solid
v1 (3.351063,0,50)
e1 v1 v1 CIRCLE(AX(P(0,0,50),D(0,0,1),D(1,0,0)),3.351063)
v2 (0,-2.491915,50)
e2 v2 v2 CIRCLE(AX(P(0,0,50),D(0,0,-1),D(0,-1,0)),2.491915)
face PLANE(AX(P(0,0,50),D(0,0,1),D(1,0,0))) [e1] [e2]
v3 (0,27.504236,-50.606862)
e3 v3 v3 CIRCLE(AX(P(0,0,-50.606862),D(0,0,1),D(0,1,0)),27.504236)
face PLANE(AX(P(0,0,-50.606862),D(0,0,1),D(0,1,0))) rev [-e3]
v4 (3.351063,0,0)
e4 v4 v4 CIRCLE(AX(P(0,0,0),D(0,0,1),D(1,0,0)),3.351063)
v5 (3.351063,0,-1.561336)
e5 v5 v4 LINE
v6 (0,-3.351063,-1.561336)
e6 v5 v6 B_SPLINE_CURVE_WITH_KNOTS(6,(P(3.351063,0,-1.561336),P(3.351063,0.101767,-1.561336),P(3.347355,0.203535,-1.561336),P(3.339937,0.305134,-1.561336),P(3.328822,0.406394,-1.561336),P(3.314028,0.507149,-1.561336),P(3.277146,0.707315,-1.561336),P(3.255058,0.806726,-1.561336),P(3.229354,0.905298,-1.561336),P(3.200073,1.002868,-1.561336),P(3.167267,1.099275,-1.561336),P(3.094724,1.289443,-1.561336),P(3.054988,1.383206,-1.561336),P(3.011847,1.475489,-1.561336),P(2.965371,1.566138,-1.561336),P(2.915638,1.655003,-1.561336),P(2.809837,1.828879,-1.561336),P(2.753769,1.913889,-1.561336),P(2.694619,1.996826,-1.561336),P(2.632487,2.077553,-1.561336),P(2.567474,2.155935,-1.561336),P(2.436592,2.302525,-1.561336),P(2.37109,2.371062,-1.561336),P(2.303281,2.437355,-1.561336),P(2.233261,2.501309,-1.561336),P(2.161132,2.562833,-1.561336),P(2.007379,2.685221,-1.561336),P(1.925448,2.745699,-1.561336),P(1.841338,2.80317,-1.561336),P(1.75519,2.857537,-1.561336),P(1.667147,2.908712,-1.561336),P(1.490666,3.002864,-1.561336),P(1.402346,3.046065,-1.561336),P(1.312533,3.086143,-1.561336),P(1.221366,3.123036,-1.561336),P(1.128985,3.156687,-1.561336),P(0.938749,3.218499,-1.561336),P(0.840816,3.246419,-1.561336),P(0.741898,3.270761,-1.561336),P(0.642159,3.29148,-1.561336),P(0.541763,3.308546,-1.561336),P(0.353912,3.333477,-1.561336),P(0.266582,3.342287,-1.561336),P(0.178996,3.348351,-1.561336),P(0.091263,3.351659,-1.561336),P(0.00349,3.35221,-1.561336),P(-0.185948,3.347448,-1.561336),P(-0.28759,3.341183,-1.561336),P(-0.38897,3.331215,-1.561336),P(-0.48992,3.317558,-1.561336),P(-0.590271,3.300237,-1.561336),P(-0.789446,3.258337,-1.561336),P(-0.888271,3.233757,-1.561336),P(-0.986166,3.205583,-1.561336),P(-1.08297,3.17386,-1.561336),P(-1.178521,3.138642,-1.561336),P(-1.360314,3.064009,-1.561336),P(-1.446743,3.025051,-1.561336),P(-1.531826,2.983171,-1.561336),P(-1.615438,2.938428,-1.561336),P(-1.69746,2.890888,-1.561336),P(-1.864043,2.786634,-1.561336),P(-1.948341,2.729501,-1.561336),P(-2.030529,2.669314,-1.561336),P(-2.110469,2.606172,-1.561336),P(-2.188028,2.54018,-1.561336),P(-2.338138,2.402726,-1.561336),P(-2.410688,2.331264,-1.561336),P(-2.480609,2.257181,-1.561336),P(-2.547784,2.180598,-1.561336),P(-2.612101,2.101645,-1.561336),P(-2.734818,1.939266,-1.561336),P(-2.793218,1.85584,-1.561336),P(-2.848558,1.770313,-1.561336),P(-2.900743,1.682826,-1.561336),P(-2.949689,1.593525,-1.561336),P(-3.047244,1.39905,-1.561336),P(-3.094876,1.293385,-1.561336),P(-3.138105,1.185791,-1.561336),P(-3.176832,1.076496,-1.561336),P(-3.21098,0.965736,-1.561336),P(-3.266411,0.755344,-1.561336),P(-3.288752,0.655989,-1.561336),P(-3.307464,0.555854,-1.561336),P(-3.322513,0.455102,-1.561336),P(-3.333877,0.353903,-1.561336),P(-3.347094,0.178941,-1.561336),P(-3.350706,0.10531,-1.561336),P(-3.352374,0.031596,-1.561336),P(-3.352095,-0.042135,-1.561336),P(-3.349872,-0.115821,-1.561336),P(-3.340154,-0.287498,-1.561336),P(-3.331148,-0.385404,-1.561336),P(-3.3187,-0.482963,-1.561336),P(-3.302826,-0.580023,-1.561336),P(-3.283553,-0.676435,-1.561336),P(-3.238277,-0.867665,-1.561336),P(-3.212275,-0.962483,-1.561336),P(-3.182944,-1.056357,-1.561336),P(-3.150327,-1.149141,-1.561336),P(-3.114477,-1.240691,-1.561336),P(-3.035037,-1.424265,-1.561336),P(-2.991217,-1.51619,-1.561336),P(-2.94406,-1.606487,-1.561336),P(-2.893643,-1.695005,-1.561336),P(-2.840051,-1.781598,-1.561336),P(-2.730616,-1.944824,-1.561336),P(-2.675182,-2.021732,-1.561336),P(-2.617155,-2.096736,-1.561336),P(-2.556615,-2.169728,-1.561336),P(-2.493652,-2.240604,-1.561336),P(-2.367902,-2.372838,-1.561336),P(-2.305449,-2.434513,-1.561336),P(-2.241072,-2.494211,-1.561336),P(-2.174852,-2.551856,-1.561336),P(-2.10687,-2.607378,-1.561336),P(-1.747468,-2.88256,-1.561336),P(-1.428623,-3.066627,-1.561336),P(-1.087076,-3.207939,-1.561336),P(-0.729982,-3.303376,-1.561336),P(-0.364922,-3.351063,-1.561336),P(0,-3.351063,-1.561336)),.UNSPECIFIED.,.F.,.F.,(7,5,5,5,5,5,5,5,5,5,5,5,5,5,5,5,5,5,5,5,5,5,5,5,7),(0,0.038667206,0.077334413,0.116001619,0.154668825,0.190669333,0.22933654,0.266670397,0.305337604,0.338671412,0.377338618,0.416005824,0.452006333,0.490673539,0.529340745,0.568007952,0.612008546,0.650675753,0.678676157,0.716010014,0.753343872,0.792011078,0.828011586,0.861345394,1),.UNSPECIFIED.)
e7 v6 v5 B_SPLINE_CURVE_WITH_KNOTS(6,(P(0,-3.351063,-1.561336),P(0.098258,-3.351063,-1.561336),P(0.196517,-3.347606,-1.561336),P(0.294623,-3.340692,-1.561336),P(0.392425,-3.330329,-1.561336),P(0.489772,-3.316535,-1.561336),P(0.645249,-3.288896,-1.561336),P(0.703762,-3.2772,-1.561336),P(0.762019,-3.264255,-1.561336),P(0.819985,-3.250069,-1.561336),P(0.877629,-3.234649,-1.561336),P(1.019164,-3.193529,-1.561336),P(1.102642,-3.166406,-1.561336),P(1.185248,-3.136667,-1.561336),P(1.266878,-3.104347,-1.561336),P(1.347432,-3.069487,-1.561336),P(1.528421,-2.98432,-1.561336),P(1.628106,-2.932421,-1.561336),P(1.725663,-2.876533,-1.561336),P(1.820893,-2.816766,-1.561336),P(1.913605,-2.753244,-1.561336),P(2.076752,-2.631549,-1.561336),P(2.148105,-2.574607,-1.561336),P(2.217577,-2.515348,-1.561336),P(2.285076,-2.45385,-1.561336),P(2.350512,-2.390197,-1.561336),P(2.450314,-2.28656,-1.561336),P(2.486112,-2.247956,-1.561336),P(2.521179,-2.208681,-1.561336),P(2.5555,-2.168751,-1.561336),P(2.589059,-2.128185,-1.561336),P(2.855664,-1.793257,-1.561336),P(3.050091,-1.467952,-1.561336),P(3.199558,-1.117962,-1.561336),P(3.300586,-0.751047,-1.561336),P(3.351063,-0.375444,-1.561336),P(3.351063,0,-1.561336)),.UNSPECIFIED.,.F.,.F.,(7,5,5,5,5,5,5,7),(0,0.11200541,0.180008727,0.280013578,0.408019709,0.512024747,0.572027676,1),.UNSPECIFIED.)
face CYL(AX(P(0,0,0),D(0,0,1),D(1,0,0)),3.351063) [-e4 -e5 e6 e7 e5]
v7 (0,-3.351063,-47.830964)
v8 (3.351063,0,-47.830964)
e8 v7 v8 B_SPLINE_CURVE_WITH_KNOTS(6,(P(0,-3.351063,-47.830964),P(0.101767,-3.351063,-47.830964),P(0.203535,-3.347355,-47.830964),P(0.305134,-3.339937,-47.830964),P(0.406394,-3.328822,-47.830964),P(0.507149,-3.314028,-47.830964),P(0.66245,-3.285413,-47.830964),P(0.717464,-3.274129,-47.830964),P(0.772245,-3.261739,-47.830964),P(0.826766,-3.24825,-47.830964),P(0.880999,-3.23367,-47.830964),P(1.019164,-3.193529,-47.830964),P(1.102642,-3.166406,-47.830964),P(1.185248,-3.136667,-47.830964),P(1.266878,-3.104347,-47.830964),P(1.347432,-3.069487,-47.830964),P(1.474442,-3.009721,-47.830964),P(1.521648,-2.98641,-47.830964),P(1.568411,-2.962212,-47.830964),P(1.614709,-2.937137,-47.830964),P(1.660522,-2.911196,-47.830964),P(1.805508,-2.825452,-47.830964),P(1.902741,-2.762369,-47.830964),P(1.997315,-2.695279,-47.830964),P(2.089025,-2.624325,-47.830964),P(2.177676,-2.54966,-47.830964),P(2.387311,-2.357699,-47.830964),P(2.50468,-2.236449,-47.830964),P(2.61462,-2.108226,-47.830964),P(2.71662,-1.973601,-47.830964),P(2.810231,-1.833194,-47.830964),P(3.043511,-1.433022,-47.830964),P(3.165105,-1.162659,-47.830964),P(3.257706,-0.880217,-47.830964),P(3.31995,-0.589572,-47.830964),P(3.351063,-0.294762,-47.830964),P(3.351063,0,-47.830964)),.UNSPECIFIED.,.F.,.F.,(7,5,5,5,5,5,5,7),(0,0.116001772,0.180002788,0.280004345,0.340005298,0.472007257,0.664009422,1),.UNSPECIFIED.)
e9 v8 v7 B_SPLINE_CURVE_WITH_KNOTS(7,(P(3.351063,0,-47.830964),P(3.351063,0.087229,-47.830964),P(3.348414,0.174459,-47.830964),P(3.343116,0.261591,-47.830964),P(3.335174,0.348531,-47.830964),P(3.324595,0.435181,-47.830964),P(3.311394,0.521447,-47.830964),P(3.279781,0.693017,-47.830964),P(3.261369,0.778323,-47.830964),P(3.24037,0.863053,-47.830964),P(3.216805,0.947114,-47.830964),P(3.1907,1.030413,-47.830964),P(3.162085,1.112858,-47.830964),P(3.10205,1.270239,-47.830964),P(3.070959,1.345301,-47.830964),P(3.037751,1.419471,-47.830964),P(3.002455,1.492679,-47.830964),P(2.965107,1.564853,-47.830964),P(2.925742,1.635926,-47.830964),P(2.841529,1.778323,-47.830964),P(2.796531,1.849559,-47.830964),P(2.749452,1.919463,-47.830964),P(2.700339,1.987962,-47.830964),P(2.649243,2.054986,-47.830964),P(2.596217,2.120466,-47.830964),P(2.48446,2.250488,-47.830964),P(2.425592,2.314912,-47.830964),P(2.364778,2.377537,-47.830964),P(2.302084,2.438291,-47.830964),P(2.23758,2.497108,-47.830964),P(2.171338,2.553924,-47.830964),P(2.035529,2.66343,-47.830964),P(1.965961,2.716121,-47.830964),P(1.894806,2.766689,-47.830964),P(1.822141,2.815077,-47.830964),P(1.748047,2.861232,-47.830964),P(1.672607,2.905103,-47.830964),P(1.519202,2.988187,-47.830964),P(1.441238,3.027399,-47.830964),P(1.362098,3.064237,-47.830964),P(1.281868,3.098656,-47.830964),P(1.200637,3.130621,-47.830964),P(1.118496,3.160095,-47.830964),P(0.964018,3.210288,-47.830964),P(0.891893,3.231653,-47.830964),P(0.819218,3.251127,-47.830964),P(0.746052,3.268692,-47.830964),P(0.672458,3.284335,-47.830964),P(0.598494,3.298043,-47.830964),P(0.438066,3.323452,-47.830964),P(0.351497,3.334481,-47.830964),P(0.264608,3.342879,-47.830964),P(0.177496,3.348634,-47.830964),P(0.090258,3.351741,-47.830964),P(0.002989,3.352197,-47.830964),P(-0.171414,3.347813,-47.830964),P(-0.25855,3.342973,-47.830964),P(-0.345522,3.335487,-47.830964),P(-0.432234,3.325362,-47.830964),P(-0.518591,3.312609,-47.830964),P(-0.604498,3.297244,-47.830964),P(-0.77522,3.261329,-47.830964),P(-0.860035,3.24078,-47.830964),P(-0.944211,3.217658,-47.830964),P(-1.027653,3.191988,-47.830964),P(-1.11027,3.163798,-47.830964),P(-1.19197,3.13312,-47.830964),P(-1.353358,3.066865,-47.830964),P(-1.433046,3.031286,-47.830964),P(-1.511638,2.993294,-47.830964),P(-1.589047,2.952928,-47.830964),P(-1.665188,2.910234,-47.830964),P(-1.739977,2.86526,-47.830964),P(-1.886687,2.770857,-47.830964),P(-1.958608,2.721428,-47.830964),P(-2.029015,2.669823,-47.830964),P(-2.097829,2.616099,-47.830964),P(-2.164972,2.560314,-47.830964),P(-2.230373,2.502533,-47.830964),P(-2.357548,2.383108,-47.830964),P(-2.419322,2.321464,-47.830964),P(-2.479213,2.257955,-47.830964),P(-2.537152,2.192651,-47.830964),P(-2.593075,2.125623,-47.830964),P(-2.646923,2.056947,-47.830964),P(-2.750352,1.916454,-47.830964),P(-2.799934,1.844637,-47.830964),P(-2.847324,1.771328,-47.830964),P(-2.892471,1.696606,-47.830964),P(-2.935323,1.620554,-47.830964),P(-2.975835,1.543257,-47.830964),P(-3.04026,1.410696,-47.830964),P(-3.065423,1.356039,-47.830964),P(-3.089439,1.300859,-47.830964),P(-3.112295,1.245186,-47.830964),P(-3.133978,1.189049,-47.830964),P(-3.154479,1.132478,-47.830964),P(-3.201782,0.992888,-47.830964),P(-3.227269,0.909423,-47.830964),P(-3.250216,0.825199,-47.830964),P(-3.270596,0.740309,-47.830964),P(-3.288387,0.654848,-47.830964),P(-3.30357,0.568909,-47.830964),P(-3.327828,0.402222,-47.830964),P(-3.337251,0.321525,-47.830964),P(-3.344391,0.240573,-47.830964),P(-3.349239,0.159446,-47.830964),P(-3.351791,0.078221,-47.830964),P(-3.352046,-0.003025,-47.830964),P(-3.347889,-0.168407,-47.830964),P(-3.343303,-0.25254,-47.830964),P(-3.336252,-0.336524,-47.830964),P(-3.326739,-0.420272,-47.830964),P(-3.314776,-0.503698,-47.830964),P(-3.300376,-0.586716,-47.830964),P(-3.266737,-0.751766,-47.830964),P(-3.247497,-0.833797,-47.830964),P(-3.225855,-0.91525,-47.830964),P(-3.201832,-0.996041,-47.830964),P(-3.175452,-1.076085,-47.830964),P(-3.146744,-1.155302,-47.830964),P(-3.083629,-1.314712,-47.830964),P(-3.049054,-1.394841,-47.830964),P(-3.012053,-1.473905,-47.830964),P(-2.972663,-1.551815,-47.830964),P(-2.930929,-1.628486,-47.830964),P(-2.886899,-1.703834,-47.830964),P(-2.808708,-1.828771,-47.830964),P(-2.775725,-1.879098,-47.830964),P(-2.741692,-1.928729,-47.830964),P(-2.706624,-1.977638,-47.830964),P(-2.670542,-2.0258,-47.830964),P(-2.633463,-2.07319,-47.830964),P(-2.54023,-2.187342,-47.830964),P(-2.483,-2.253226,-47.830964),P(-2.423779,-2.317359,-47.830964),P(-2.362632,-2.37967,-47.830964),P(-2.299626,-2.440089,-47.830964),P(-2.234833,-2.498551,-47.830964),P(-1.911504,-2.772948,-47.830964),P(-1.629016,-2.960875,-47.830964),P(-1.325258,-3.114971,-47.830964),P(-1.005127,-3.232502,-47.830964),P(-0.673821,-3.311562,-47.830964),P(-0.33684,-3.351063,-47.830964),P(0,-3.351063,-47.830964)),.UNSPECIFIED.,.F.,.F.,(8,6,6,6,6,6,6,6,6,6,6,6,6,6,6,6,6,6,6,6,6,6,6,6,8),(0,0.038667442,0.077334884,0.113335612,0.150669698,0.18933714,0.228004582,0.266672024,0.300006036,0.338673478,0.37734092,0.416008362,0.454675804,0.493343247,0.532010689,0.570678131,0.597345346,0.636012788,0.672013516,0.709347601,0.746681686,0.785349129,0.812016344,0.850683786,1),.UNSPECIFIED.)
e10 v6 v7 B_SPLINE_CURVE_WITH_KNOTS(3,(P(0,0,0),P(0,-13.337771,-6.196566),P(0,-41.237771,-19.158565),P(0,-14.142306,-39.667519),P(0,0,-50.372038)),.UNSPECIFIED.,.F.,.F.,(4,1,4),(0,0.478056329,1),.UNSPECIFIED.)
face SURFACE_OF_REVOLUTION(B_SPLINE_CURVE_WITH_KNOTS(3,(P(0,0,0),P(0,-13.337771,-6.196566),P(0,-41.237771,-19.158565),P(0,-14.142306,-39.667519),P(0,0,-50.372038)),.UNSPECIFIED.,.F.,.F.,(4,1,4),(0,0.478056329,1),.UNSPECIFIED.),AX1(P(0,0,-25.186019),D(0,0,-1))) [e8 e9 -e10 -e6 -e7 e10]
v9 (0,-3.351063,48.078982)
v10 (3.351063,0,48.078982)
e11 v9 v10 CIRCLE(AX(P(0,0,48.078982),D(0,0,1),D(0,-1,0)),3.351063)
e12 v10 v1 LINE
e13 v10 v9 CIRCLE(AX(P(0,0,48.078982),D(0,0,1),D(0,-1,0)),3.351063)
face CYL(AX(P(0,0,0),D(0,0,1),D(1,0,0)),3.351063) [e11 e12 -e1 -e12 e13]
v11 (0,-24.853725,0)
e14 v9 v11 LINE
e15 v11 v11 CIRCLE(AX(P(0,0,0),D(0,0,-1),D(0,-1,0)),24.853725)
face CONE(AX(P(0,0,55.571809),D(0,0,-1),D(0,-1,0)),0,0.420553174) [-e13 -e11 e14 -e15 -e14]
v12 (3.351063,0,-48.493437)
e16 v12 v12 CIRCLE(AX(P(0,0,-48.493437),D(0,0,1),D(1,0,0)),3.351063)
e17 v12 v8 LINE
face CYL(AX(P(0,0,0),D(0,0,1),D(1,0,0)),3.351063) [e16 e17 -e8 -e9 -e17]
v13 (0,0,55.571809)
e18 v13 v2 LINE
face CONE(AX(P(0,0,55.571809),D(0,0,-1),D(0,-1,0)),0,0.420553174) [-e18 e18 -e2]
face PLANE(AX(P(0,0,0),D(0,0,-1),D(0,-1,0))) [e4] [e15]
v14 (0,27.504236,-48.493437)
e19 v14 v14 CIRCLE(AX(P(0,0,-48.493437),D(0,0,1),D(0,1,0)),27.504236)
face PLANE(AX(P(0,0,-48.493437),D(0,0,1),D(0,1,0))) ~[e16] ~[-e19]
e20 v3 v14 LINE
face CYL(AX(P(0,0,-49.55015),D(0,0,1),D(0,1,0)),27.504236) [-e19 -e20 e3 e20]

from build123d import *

# Parameters (mm, degrees)
F0_R     = 3.3510634676
F2_DEPTH = 50
F7_W     = 27.5042355061
F7_H     = 2.1134242415


with BuildPart() as f2:
    # F0 (on Top) → F2 (new body, symmetric)
    with BuildSketch(Plane.XY):
        Circle(F0_R)
    extrude(amount=F2_DEPTH, both=True)

    # F3 (on Right) → F4 (revolve)
    with BuildSketch(Plane.YZ):
        Polygon((0, 0), (0, 55.571809411), (-24.8537249863, 0), align=None)
    revolve(axis=Axis((0, 0, 27.7859047055), (0, 0, -1)))

    # F5 (on Right) → F6 (revolve)
    with BuildSketch(Plane.YZ):
        with BuildLine():
            Line((0, -50.3720380366), (0, 0))
            add(Edge.make_bspline(
                [(0, 0), (-13.3377713463, -6.1965659051), (-41.2377708413, -19.1585654127), (-14.1423062486, -39.6675193412), (0, -50.3720380366)],
                knots=[0, 0, 0, 0, 0.4780563293, 1, 1, 1, 1], degree=3))
        make_face()
    revolve(axis=Axis((0, 0, -25.1860190183), (0, 0, -1)))

    # F7 (on Right) → F8 (revolve)
    with BuildSketch(Plane.YZ):
        with Locations((13.752117753, -49.5501495898)):
            Rectangle(F7_W, F7_H)
    revolve(axis=Axis((0, 0, -49.5501495898), (0, 0, 1)))


solid = f2.part
